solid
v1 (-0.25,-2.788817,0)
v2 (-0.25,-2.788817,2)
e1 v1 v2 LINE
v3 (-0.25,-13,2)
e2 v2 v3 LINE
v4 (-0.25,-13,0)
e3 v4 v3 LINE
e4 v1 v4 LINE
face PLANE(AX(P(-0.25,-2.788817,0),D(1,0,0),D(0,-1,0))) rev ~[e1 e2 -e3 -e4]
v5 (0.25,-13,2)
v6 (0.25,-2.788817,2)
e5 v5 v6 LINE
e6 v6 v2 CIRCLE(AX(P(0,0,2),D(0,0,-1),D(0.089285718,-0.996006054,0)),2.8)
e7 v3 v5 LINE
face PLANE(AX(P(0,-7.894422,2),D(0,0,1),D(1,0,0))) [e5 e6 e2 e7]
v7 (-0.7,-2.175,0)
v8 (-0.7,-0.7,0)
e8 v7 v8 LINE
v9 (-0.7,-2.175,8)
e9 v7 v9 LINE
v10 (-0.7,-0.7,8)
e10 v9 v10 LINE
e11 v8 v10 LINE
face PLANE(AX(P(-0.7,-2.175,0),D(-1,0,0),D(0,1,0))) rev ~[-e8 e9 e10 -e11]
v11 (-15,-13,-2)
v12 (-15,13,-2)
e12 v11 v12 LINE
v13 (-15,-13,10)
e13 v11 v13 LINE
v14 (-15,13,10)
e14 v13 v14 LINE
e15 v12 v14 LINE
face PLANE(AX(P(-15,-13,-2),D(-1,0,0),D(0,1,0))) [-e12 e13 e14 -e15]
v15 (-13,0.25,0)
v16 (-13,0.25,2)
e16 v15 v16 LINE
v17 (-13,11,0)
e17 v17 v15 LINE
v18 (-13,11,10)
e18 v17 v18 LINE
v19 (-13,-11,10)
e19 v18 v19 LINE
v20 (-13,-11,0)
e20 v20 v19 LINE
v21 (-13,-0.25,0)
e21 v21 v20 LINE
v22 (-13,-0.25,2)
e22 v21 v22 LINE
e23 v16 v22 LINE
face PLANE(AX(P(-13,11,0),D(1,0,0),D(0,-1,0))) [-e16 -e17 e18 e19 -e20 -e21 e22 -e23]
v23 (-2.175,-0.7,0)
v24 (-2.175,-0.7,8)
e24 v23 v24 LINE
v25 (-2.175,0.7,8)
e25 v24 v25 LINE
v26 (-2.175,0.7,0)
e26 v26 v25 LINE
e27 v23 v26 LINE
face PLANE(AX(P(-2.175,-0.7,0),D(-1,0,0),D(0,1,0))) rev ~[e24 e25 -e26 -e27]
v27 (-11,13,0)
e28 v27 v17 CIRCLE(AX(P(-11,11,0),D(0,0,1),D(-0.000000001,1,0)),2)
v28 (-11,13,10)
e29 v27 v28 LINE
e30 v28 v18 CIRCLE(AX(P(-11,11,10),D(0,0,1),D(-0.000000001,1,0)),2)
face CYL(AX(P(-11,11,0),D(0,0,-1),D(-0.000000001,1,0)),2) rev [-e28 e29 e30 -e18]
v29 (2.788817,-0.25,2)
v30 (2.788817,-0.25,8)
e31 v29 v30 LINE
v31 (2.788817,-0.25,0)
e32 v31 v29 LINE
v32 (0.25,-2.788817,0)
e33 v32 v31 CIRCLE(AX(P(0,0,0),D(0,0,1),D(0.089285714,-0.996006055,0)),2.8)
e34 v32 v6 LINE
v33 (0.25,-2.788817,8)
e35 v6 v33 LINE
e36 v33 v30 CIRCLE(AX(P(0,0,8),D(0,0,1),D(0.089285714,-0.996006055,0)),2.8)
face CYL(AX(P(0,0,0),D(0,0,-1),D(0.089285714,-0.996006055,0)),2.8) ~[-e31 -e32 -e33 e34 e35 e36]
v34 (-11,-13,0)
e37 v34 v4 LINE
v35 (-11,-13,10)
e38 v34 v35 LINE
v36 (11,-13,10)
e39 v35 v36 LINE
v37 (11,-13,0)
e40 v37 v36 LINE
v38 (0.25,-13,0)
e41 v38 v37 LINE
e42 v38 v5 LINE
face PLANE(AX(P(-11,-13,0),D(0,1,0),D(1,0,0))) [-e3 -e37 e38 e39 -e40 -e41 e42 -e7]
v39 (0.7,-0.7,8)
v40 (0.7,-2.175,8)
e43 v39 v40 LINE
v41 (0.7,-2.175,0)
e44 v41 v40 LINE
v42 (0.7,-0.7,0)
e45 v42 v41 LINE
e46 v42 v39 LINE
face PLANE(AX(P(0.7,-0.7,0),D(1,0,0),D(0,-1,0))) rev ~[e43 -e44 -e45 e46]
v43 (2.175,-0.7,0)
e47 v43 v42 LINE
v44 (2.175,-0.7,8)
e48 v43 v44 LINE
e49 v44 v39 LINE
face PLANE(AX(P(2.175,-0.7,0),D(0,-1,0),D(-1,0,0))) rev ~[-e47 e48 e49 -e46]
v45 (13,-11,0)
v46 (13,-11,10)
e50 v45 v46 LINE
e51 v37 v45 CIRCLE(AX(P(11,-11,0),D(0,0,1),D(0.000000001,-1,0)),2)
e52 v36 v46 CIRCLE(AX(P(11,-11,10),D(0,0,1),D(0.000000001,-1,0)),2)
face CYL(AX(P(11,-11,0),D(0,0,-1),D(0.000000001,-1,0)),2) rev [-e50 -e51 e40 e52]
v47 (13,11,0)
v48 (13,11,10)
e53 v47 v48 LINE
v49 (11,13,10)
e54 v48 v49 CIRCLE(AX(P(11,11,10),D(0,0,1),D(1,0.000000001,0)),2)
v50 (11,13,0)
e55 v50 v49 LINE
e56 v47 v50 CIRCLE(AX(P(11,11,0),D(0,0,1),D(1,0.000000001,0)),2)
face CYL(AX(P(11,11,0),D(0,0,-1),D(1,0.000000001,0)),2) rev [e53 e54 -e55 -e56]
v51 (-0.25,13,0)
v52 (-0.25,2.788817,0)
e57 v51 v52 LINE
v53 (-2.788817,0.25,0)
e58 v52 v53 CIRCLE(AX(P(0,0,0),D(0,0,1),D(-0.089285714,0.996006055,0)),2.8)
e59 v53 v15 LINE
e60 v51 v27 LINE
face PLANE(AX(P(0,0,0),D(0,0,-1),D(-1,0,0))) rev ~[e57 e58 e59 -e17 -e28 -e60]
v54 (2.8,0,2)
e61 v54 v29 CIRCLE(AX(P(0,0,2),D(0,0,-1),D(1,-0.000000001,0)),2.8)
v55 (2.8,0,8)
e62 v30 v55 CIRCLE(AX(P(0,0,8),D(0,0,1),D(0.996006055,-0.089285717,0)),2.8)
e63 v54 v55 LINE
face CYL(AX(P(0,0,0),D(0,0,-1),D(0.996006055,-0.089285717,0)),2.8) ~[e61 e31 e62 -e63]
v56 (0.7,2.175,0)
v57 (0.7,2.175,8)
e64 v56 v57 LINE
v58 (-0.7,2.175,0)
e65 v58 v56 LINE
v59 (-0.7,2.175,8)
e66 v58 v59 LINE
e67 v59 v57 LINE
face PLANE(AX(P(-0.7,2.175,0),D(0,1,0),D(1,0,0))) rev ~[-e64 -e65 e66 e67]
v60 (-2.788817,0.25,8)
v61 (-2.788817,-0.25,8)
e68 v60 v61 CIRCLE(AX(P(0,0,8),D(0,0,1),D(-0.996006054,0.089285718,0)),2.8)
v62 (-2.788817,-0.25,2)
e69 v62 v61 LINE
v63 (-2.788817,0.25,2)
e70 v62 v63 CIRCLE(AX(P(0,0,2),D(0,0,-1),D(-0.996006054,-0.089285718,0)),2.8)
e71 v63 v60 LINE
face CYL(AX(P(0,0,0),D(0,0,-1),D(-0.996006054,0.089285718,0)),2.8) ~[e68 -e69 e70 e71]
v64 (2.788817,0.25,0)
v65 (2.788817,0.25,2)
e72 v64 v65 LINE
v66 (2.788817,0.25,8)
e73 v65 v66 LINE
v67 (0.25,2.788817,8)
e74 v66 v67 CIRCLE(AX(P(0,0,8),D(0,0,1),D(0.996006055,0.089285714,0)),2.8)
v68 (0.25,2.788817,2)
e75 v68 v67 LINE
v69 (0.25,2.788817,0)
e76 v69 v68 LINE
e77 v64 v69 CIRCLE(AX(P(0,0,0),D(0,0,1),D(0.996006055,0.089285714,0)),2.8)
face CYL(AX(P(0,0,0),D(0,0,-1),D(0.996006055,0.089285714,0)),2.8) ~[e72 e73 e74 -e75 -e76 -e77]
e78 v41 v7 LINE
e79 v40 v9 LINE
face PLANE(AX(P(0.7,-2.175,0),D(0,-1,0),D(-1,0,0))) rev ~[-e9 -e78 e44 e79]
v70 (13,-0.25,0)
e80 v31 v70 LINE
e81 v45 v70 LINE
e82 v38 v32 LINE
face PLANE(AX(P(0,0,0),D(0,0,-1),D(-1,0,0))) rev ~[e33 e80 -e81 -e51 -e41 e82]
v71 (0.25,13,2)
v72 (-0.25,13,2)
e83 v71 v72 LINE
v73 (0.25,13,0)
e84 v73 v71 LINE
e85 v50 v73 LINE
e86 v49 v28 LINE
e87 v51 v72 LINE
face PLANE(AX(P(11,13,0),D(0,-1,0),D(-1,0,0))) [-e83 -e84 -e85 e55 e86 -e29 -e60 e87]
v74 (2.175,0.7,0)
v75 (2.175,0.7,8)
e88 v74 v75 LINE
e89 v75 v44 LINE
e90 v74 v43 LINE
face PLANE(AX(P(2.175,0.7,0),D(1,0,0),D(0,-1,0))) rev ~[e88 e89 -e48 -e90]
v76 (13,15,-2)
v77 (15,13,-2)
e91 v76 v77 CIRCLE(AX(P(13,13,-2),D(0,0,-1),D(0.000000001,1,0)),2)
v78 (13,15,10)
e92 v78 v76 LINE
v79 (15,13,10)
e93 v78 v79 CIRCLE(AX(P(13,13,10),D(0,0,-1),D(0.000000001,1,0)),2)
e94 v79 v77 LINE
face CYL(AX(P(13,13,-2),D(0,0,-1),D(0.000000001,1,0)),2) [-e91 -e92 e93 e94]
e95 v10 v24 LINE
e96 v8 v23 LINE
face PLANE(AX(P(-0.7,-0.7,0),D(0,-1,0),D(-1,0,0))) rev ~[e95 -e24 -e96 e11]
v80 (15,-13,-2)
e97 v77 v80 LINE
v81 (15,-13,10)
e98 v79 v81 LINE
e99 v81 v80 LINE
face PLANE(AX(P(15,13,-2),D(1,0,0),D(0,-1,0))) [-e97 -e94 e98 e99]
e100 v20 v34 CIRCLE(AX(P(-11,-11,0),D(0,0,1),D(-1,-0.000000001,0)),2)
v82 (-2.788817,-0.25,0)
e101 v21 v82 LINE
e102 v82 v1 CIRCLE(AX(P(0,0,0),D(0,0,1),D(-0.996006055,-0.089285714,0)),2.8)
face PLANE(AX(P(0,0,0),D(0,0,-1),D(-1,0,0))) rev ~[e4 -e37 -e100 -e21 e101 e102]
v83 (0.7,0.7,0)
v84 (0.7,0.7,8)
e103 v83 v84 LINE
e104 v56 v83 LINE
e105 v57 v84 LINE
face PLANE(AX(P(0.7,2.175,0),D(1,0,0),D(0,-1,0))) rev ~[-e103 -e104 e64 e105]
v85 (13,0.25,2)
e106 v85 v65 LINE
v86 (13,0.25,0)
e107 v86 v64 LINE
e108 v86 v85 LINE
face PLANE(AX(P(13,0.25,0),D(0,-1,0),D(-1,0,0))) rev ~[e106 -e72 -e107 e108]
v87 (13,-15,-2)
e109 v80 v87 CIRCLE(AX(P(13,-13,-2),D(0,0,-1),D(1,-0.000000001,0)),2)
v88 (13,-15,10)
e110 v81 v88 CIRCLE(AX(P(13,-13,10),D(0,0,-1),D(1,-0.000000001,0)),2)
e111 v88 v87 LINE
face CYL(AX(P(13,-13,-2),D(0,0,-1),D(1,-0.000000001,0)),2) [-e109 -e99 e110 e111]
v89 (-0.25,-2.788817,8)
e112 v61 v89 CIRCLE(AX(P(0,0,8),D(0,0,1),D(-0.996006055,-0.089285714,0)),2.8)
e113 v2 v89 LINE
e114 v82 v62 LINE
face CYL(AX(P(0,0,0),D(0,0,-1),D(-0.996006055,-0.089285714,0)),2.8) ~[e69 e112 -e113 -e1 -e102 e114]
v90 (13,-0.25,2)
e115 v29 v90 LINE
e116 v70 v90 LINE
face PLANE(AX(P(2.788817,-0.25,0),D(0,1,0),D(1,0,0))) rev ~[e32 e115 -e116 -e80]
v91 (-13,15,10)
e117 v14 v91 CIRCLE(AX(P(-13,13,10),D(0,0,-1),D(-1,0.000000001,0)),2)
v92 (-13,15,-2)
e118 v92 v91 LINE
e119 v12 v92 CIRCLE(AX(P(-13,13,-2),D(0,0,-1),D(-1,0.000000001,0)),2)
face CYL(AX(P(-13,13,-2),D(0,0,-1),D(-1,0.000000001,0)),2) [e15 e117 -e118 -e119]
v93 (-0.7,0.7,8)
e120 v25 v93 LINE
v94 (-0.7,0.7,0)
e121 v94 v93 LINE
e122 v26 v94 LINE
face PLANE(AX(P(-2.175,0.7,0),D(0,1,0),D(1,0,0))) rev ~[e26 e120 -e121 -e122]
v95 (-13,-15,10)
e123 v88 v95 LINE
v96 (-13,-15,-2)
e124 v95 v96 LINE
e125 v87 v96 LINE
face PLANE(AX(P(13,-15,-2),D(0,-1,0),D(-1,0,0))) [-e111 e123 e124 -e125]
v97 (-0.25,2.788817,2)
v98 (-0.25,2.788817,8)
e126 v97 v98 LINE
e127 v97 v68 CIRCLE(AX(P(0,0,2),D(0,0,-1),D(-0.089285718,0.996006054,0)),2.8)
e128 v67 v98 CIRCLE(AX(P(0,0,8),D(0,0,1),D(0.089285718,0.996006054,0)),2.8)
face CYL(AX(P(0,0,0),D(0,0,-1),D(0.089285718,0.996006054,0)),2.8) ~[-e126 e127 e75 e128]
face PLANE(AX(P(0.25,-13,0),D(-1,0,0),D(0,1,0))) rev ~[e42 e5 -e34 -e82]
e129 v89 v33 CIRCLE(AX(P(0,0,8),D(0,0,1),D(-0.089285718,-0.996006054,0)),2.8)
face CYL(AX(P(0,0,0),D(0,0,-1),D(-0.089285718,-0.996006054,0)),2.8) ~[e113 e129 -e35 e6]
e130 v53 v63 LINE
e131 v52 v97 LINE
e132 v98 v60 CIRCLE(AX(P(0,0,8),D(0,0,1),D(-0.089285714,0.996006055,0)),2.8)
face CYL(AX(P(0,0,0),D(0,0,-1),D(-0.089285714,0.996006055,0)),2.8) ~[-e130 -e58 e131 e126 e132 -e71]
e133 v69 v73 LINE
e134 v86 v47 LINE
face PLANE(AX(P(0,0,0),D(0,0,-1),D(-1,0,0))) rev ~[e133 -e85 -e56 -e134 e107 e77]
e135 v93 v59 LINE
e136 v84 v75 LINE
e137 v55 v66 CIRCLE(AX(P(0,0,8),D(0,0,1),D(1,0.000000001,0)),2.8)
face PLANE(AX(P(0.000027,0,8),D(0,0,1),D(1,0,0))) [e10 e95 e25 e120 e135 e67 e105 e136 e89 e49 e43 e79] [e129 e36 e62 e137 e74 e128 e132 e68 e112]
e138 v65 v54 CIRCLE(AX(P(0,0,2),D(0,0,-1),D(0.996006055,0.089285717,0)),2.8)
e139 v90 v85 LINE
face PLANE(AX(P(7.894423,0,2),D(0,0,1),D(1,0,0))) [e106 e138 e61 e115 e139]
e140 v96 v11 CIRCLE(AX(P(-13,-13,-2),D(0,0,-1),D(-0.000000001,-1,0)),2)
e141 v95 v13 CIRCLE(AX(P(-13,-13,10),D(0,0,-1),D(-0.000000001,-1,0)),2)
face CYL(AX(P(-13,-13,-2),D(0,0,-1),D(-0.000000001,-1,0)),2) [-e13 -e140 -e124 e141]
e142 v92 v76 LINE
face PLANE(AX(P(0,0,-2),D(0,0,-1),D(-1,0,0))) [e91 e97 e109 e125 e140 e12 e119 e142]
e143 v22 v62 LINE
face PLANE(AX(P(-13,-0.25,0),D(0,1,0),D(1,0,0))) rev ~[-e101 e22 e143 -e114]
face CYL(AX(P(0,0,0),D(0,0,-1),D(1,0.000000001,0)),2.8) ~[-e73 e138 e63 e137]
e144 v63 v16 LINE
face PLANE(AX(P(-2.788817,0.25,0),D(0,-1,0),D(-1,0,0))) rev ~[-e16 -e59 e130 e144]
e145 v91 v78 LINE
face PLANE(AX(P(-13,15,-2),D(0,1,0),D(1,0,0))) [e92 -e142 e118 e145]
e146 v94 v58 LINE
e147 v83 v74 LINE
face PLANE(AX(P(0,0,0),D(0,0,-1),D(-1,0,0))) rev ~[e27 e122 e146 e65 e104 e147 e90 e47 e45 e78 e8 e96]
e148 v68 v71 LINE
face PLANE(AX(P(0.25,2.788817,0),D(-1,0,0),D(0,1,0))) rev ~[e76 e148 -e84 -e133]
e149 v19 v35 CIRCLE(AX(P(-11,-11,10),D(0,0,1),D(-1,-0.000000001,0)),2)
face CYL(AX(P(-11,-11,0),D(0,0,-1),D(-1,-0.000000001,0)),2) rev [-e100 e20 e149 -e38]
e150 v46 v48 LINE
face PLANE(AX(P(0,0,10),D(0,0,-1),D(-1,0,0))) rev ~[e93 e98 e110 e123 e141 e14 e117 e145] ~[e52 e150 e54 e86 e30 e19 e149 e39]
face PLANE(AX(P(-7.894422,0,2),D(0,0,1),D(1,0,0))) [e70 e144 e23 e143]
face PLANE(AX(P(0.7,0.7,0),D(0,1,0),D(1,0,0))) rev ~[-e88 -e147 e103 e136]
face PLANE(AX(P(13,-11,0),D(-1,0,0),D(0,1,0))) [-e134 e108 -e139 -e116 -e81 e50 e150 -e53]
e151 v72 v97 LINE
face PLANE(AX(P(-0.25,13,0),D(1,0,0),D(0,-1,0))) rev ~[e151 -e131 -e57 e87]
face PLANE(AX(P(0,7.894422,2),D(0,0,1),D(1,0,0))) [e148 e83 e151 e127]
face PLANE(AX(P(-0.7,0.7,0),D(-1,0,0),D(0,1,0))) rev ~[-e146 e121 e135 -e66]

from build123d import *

# Parameters (mm, degrees)
EXTRUDE_1_DEPTH = 10
EXTRUDE_2_DEPTH = 8
EXTRUDE_START   = -2
EXTRUDE_3_DEPTH = 2
EXTRUDE_4_DEPTH = 2


with BuildPart() as part:
    # 草图1 → 凸台-拉伸1 (new body)
    with BuildSketch(Plane.XY):
        with BuildLine():
            Line((13, 15), (-13, 15))
            ThreePointArc((-13, 15), (-14.414213562, 14.414213562), (-15, 13))
            Line((-15, 13), (-15, -13))
            ThreePointArc((-15, -13), (-14.414213562, -14.414213562), (-13, -15))
            Line((-13, -15), (13, -15))
            ThreePointArc((13, -15), (14.414213562, -14.414213562), (15, -13))
            Line((15, -13), (15, 13))
            ThreePointArc((15, 13), (14.414213562, 14.414213562), (13, 15))
        make_face()
        with BuildLine():
            ThreePointArc((-13, 11), (-12.414213562, 12.414213562), (-11, 13))
            Line((-11, 13), (-0.25, 13))
            Line((-0.25, 13), (0.25, 13))
            Line((0.25, 13), (11, 13))
            ThreePointArc((11, 13), (12.414213562, 12.414213562), (13, 11))
            Line((13, 11), (13, 0.25))
            Line((13, 0.25), (13, -0.25))
            Line((13, -0.25), (13, -11))
            ThreePointArc((13, -11), (12.414213562, -12.414213562), (11, -13))
            Line((11, -13), (0.25, -13))
            Line((0.25, -13), (-0.25, -13))
            Line((-0.25, -13), (-11, -13))
            ThreePointArc((-11, -13), (-12.414213562, -12.414213562), (-13, -11))
            Line((-13, -11), (-13, -0.25))
            Line((-13, -0.25), (-13, 0.25))
            Line((-13, 0.25), (-13, 11))
        make_face(mode=Mode.SUBTRACT)
    extrude(amount=EXTRUDE_1_DEPTH)



with BuildPart() as body_2:
    # 草图1<6> → 凸台-拉伸2 (new body)
    with BuildSketch(Plane.XY):
        with BuildLine():
            ThreePointArc((0.25, 2.788816953), (0, 2.8), (-0.25, 2.788816953))
            ThreePointArc((-0.25, 2.788816953), (-1.979898987, 1.979898987), (-2.788816953, 0.25))
            ThreePointArc((-2.788816953, 0.25), (-2.8, 0), (-2.788816953, -0.25))
            ThreePointArc((-2.788816953, -0.25), (-1.979898987, -1.979898987), (-0.25, -2.788816953))
            ThreePointArc((-0.25, -2.788816953), (0, -2.8), (0.25, -2.788816953))
            ThreePointArc((0.25, -2.788816953), (1.979898987, -1.979898987), (2.788816953, -0.25))
            ThreePointArc((2.788816953, -0.25), (2.797202841, -0.125124998), (2.8, 0))
            ThreePointArc((2.8, 0), (2.797202841, 0.125124998), (2.788816953, 0.25))
            ThreePointArc((2.788816953, 0.25), (1.979898987, 1.979898987), (0.25, 2.788816953))
        make_face()
        Polygon((-2.175, -0.7), (-2.175, 0.7), (-0.7, 0.7), (-0.7, 2.175), (0.7, 2.175), (0.7, 0.7), (2.175, 0.7), (2.175, -0.7), (0.7, -0.7), (0.7, -2.175), (-0.7, -2.175), (-0.7, -0.7), align=None, mode=Mode.SUBTRACT)
    extrude(amount=EXTRUDE_2_DEPTH)


with BuildPart() as part_1:
    add(part.part)

    add(body_2.part)  # 凸台-拉伸3 merges body 2
    # 草图1<7> → 凸台-拉伸3 (add)
    with BuildSketch(Plane.XY.offset(EXTRUDE_START)):
        with BuildLine():
            Line((-13, 15), (13, 15))
            ThreePointArc((13, 15), (14.414213562, 14.414213562), (15, 13))
            Line((15, 13), (15, -13))
            ThreePointArc((15, -13), (14.414213562, -14.414213562), (13, -15))
            Line((13, -15), (-13, -15))
            ThreePointArc((-13, -15), (-14.414213562, -14.414213562), (-15, -13))
            Line((-15, -13), (-15, 13))
            ThreePointArc((-15, 13), (-14.414213562, 14.414213562), (-13, 15))
        make_face()
    extrude(amount=EXTRUDE_3_DEPTH)

    # 草图1<9> → 凸台-拉伸4 (add)
    with BuildSketch(Plane.XY):
        with BuildLine():
            Line((0.25, 13), (-0.25, 13))
            Line((-0.25, 13), (-0.25, 2.788816953))
            ThreePointArc((-0.25, 2.788816953), (0, 2.8), (0.25, 2.788816953))
            Line((0.25, 2.788816953), (0.25, 13))
        make_face()
        with BuildLine():
            Line((-2.788816953, 0.25), (-13, 0.25))
            Line((-13, 0.25), (-13, -0.25))
            Line((-13, -0.25), (-2.788816953, -0.25))
            ThreePointArc((-2.788816953, -0.25), (-2.8, 0), (-2.788816953, 0.25))
        make_face()
        with BuildLine():
            Line((13, 0.25), (2.788816953, 0.25))
            ThreePointArc((2.788816953, 0.25), (2.8, 0), (2.788816953, -0.25))
            Line((2.788816953, -0.25), (13, -0.25))
            Line((13, -0.25), (13, 0.25))
        make_face()
        with BuildLine():
            ThreePointArc((0.25, -2.788816953), (0, -2.8), (-0.25, -2.788816953))
            Line((-0.25, -2.788816953), (-0.25, -13))
            Line((-0.25, -13), (0.25, -13))
            Line((0.25, -13), (0.25, -2.788816953))
        make_face()
    extrude(amount=EXTRUDE_4_DEPTH)


solid = part_1.part
